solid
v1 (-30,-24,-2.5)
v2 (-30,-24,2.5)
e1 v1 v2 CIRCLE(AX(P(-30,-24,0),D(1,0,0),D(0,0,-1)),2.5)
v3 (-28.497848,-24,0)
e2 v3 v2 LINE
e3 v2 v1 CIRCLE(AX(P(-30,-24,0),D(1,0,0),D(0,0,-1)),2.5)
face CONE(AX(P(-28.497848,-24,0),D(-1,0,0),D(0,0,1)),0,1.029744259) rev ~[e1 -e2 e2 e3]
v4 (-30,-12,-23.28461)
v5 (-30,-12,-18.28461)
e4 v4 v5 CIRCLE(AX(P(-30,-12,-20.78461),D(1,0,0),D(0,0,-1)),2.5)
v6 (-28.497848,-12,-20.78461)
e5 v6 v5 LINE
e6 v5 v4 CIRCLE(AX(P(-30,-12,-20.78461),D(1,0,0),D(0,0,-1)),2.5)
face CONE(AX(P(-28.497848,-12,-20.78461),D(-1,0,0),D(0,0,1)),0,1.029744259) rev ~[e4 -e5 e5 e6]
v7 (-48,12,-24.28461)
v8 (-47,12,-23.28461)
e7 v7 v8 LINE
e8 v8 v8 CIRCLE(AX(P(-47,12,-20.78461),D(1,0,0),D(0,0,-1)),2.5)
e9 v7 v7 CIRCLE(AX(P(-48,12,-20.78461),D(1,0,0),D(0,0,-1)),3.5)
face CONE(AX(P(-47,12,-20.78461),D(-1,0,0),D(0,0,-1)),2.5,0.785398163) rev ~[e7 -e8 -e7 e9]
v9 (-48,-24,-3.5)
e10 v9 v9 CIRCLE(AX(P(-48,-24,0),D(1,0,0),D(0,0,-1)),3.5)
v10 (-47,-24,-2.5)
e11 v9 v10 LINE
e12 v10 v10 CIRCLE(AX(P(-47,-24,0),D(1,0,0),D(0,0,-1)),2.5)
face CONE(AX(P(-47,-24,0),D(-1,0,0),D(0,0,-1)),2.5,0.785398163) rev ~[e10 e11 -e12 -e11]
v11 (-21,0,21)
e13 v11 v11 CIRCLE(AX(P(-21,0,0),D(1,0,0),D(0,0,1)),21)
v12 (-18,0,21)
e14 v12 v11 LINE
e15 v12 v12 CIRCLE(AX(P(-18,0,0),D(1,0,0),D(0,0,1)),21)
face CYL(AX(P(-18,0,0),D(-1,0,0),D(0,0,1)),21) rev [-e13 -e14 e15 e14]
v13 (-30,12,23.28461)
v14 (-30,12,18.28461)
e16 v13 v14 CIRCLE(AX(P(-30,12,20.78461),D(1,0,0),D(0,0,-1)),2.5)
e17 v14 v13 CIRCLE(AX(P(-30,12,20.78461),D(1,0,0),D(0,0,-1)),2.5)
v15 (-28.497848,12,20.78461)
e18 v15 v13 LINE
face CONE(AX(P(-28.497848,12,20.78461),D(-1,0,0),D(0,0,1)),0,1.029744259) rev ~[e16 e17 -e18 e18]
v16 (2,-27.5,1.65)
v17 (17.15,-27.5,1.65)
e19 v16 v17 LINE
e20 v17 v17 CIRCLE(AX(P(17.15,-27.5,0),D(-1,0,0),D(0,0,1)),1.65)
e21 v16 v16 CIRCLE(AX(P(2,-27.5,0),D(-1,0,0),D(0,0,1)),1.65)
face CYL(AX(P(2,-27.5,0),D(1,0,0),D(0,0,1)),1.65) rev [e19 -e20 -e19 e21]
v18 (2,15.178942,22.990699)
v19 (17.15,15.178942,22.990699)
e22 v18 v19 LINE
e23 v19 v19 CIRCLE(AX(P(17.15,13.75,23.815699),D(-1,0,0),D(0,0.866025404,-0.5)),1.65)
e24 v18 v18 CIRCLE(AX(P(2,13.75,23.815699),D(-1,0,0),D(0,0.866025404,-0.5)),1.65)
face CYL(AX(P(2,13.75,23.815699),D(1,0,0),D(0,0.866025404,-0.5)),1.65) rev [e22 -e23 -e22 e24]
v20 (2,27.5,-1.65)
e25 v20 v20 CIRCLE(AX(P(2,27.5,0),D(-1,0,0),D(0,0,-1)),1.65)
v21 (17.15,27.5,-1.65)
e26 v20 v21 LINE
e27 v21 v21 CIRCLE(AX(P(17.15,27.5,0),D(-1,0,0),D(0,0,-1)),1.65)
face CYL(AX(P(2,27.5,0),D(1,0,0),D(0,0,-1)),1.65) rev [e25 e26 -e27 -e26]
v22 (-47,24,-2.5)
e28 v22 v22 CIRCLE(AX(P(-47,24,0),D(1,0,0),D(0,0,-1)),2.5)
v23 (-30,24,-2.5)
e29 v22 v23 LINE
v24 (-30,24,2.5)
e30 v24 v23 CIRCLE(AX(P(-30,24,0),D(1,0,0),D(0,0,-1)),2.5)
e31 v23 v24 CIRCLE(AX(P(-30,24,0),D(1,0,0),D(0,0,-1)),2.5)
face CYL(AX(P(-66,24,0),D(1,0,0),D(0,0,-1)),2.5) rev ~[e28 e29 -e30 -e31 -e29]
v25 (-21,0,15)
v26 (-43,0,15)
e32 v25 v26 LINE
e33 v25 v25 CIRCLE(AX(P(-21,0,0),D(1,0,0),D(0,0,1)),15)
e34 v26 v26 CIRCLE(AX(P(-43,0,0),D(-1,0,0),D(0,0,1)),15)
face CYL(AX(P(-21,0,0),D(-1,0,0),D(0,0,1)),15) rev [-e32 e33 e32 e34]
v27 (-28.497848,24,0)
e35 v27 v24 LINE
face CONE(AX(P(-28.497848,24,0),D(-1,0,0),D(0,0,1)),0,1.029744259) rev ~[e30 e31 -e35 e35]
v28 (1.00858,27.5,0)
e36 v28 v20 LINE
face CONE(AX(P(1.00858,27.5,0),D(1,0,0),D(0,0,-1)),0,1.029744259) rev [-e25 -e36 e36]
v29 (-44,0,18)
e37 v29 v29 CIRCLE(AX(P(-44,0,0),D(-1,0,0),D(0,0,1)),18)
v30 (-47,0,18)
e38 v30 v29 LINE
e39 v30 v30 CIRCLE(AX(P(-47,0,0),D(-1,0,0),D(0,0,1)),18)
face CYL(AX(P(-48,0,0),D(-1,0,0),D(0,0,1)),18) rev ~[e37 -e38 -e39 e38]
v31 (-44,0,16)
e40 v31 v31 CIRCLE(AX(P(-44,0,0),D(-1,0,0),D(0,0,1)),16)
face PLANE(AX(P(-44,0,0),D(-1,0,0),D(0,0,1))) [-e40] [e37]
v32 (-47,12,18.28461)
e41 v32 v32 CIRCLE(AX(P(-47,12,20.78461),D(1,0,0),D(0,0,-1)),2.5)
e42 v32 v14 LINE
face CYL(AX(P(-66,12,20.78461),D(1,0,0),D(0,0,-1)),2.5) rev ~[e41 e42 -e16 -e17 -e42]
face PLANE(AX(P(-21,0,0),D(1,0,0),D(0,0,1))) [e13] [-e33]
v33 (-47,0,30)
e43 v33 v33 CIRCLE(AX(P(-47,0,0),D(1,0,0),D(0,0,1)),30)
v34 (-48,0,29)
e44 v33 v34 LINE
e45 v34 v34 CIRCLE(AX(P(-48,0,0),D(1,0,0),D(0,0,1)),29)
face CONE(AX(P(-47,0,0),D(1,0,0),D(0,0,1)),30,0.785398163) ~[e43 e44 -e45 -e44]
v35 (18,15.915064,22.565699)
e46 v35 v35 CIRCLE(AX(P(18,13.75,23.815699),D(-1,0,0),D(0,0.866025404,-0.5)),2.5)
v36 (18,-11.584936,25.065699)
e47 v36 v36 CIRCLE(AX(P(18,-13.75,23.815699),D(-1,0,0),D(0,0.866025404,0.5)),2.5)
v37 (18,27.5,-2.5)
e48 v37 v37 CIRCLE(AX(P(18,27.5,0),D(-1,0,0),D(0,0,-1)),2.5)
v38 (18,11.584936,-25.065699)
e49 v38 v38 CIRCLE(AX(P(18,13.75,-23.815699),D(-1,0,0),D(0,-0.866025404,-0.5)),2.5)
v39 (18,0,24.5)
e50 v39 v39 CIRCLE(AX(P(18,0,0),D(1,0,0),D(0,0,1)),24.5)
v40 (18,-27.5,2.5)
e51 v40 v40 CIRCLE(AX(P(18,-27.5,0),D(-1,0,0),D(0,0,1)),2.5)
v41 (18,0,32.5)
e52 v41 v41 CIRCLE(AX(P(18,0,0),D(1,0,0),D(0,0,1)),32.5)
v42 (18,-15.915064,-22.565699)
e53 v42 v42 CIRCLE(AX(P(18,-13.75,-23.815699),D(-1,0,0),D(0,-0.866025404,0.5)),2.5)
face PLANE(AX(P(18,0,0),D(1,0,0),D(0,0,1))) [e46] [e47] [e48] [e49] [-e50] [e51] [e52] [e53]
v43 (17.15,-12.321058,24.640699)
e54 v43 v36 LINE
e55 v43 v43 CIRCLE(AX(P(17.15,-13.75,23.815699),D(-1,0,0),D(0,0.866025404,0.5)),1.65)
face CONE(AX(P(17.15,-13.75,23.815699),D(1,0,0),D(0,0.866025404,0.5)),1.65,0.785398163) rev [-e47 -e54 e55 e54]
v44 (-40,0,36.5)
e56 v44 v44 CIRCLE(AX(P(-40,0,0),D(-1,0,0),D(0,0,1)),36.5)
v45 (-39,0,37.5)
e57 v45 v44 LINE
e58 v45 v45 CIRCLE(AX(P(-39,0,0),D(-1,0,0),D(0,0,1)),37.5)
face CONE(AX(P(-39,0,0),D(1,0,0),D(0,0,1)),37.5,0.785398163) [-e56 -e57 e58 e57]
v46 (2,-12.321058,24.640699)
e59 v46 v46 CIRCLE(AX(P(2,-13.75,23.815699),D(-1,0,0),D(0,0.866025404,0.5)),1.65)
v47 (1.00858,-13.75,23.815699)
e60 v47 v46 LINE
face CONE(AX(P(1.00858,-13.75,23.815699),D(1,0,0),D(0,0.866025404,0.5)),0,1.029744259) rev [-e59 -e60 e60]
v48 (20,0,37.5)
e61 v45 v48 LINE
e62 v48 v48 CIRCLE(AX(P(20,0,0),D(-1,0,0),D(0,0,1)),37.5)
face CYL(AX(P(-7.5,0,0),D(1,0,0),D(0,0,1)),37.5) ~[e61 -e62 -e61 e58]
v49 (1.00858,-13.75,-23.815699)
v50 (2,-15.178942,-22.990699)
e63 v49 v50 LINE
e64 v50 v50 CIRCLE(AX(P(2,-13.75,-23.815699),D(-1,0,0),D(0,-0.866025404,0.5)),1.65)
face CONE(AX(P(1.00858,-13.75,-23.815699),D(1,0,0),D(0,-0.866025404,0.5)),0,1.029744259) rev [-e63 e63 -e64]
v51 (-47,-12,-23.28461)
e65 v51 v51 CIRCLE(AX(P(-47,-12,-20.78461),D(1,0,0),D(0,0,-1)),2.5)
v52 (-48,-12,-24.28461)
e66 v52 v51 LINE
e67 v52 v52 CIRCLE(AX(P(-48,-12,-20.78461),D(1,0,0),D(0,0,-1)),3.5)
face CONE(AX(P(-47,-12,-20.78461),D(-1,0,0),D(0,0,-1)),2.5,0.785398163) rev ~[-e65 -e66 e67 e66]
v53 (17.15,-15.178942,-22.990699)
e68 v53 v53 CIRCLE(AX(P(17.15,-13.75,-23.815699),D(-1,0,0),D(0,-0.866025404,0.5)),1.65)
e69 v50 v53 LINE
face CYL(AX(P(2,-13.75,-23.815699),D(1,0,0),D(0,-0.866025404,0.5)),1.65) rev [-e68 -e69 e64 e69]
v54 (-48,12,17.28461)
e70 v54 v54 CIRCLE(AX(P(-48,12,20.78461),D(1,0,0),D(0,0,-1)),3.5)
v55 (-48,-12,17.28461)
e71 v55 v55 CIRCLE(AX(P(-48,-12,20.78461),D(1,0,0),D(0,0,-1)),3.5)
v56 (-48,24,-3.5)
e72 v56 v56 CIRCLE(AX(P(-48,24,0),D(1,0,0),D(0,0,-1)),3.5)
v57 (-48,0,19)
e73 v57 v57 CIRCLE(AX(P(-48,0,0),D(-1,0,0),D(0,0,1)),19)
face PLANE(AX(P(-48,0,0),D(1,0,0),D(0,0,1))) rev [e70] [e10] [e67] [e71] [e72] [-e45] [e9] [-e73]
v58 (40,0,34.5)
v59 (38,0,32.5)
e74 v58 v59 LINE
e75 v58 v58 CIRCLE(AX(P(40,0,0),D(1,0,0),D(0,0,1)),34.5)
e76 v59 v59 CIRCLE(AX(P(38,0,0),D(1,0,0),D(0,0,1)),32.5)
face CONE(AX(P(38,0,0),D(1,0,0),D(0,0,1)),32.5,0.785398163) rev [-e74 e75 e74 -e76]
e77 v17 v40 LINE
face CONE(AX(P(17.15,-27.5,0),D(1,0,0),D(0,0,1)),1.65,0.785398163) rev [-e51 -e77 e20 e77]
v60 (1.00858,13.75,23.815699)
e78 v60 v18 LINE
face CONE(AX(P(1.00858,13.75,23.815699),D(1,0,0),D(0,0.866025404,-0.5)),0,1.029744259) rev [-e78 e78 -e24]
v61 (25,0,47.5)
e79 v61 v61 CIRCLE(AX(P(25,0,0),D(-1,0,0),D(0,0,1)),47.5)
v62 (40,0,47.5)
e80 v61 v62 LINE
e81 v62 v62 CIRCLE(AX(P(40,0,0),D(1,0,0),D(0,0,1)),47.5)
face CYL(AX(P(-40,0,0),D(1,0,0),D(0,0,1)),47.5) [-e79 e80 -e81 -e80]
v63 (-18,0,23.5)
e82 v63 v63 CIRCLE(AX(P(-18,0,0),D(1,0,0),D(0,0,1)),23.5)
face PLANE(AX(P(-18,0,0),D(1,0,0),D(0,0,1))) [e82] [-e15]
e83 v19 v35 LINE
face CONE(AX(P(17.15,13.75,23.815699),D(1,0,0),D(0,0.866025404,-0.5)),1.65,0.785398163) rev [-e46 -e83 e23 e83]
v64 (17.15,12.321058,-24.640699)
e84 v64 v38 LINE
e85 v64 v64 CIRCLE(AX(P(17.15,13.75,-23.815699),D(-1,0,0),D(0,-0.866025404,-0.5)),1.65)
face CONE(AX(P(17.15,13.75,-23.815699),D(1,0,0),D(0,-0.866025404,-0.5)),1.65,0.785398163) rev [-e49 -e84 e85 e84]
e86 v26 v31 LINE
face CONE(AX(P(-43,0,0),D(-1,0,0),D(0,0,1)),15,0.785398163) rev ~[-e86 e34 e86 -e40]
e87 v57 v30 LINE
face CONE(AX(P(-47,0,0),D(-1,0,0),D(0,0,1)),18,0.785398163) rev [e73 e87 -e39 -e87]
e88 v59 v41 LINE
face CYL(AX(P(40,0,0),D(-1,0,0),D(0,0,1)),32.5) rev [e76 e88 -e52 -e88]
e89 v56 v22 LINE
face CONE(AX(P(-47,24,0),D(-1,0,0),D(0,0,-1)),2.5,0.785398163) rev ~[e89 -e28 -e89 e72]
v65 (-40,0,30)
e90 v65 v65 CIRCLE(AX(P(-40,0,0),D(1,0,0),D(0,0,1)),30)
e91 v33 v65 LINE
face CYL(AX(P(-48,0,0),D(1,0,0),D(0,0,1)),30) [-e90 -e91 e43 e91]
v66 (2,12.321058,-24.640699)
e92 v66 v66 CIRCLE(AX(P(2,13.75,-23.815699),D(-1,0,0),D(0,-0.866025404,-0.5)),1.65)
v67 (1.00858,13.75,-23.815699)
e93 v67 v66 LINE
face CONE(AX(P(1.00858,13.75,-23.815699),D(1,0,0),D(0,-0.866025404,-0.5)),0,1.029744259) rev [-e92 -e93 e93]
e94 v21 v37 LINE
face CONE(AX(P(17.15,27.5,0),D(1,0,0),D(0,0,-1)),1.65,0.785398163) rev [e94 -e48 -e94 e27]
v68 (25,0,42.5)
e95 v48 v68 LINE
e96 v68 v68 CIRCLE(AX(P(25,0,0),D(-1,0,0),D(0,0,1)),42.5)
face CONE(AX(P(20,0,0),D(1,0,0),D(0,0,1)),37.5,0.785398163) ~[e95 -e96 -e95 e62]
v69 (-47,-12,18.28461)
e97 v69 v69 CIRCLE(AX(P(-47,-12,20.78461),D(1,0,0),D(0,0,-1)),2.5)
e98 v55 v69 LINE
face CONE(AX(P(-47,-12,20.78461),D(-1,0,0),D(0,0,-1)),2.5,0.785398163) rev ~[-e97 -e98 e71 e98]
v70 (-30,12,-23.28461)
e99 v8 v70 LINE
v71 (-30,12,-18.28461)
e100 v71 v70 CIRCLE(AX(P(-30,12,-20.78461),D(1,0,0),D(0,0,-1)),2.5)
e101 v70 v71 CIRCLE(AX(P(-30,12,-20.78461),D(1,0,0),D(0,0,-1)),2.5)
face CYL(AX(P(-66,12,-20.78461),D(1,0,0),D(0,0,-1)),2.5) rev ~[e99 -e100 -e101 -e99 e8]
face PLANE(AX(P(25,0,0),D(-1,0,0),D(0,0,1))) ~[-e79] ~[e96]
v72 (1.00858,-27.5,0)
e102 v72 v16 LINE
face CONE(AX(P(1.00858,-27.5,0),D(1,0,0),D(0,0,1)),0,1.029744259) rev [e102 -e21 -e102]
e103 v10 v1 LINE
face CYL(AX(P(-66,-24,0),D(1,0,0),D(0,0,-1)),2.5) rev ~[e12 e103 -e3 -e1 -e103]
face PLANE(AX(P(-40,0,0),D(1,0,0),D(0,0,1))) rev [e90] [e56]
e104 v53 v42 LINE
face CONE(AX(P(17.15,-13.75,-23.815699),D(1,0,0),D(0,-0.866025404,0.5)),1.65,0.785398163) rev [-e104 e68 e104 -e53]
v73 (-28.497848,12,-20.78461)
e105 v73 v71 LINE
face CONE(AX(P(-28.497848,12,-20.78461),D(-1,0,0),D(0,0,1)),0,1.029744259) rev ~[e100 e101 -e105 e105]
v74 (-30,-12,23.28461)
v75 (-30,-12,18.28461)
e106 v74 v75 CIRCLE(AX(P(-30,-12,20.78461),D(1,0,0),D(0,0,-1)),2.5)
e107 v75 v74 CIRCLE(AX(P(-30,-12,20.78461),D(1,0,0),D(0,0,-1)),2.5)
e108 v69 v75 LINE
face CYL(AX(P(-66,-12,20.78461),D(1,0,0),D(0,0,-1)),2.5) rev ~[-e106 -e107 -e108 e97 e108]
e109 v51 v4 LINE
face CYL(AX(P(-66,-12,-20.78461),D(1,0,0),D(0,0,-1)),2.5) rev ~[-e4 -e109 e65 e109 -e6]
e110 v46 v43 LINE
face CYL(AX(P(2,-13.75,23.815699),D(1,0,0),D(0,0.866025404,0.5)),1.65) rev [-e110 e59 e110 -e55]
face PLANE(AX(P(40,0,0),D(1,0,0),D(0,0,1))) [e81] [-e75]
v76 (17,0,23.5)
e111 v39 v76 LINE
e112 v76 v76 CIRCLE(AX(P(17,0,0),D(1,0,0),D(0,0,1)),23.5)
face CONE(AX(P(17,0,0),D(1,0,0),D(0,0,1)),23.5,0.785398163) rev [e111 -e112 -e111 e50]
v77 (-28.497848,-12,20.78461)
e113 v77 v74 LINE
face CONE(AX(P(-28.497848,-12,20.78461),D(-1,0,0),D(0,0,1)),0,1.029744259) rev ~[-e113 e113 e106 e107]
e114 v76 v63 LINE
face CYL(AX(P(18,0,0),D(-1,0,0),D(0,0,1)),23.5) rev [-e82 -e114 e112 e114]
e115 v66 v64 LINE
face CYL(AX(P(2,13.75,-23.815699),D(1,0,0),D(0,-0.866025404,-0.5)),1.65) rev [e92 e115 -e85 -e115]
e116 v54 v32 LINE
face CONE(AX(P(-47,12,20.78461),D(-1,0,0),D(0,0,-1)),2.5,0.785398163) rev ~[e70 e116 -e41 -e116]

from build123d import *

# Parameters (mm, degrees)
HOLE_WIZARD_M61_D        = 5
HOLE_WIZARD_M61_DEPTH    = 18
HOLE_WIZARD_M61_TIP      = 1.502151548
CHAMFER_2_SIZE           = 1
SKETCH_12_R              = 18
SKETCH_12_R_2            = 15
CUT_EXTRUDE_1_DEPTH      = 4
SKETCH_11_W              = 65
SKETCH_11_H              = 10
PATTERN_CIRCULAR_1_COUNT = 6
CHAMFER_3_SIZE           = 5
CHAMFER_4_SIZE           = 2
CHAMFER_5_SIZE           = 1


with BuildPart() as part:
    # Эскиз1 → Повернуть1 (revolve)
    with BuildSketch(Plane.XY, mode=Mode.PRIVATE) as revolve_1_sk:
        Polygon((-48, 15), (-48, 30), (-40, 30), (-40, 47.5), (40, 47.5), (40, 32.5), (18, 32.5), (18, 23.5), (-18, 23.5), (-18, 21), (-21, 21), (-21, 15), align=None)
    revolve(revolve_1_sk.sketch.rotate(Axis((0, 0, 0), (1, 0, 0)), 90), axis=Axis((0, 0, 0), (1, 0, 0)))

    # Отверстие обработанное метчиком M61
    with Locations(Plane.ZY.offset(48)):
        with Locations((0, 24), (20.784609691, 12), (20.784609691, -12), (0, -24), (-20.784609691, -12), (-20.784609691, 12)):
            Hole(HOLE_WIZARD_M61_D / 2, depth=HOLE_WIZARD_M61_DEPTH)
            with Locations((0, 0, -(HOLE_WIZARD_M61_DEPTH + HOLE_WIZARD_M61_TIP / 2))):  # 118° drill point
                Cone(0, HOLE_WIZARD_M61_D / 2, HOLE_WIZARD_M61_TIP, mode=Mode.SUBTRACT)

    # Эскиз10 → Отверстие обработанное метчиком M44 (revolve, cut)
    with BuildSketch(Plane(origin=(18, 27.5, 0), x_dir=(0, 0, -1), z_dir=(0, 1, 0))):
        Polygon((0, 0), (0, 16.991420021), (1.65, 16), (1.65, 0.85), (2.5, 0), align=None)
    hole_wizard_m44 = revolve(axis=Axis((24.35, 27.5, 0), (-1, 0, 0)), mode=Mode.SUBTRACT)

    # Фаска2
    chamfer_2_edges = [part.edges().sort_by_distance(p)[0] for p in [
        (-48, 12, -18.284609691),
        (-48, -12, -18.284609691),
        (-48, -24, 2.5),
        (-48, -12, 23.284609691),
        (-48, 12, 23.284609691),
        (-48, 24, 2.5),
    ]]
    chamfer(chamfer_2_edges, length=CHAMFER_2_SIZE)

    # Эскиз12 → Вырез-Вытянуть1 (cut)
    with BuildSketch(Plane.ZY.offset(48)):
        Circle(SKETCH_12_R)
        Circle(SKETCH_12_R_2, mode=Mode.SUBTRACT)
    extrude(amount=-CUT_EXTRUDE_1_DEPTH, mode=Mode.SUBTRACT)

    # Эскиз11 → Вырез-Повернуть1 (revolve, cut)
    with BuildSketch(Plane.XY, mode=Mode.PRIVATE) as cut_revolve_1_sk:
        with Locations((-7.5, 42.5)):
            Rectangle(SKETCH_11_W, SKETCH_11_H)
    revolve(cut_revolve_1_sk.sketch.rotate(Axis((0, 0, 0), (-1, 0, 0)), 270), axis=Axis((0, 0, 0), (-1, 0, 0)), mode=Mode.SUBTRACT)

    # Круговой массив1: Отверстие обработанное метчиком M44 ×6 about axis
    pattern_circular_1_axis = Axis((0, 0, 0), (1, 0, 0))
    for i in range(1, PATTERN_CIRCULAR_1_COUNT):
        add(hole_wizard_m44.rotate(pattern_circular_1_axis, i * 360 / PATTERN_CIRCULAR_1_COUNT), mode=Mode.SUBTRACT)

    # Фаска3
    chamfer_3_edges = [part.edges().sort_by_distance(p)[0] for p in [
        (25, 0, -37.5),
    ]]
    chamfer(chamfer_3_edges, length=CHAMFER_3_SIZE)

    # Фаска4
    chamfer_4_edges = [part.edges().sort_by_distance(p)[0] for p in [
        (40, 0, -32.5),
    ]]
    chamfer(chamfer_4_edges, length=CHAMFER_4_SIZE)

    # Фаска5
    chamfer_5_edges = [part.edges().sort_by_distance(p)[0] for p in [
        (18, 0, -23.5),
        (-44, 0, -15),
        (-48, 0, -18),
        (-40, 0, -37.5),
        (-48, 0, -30),
    ]]
    chamfer(chamfer_5_edges, length=CHAMFER_5_SIZE)


solid = part.part
